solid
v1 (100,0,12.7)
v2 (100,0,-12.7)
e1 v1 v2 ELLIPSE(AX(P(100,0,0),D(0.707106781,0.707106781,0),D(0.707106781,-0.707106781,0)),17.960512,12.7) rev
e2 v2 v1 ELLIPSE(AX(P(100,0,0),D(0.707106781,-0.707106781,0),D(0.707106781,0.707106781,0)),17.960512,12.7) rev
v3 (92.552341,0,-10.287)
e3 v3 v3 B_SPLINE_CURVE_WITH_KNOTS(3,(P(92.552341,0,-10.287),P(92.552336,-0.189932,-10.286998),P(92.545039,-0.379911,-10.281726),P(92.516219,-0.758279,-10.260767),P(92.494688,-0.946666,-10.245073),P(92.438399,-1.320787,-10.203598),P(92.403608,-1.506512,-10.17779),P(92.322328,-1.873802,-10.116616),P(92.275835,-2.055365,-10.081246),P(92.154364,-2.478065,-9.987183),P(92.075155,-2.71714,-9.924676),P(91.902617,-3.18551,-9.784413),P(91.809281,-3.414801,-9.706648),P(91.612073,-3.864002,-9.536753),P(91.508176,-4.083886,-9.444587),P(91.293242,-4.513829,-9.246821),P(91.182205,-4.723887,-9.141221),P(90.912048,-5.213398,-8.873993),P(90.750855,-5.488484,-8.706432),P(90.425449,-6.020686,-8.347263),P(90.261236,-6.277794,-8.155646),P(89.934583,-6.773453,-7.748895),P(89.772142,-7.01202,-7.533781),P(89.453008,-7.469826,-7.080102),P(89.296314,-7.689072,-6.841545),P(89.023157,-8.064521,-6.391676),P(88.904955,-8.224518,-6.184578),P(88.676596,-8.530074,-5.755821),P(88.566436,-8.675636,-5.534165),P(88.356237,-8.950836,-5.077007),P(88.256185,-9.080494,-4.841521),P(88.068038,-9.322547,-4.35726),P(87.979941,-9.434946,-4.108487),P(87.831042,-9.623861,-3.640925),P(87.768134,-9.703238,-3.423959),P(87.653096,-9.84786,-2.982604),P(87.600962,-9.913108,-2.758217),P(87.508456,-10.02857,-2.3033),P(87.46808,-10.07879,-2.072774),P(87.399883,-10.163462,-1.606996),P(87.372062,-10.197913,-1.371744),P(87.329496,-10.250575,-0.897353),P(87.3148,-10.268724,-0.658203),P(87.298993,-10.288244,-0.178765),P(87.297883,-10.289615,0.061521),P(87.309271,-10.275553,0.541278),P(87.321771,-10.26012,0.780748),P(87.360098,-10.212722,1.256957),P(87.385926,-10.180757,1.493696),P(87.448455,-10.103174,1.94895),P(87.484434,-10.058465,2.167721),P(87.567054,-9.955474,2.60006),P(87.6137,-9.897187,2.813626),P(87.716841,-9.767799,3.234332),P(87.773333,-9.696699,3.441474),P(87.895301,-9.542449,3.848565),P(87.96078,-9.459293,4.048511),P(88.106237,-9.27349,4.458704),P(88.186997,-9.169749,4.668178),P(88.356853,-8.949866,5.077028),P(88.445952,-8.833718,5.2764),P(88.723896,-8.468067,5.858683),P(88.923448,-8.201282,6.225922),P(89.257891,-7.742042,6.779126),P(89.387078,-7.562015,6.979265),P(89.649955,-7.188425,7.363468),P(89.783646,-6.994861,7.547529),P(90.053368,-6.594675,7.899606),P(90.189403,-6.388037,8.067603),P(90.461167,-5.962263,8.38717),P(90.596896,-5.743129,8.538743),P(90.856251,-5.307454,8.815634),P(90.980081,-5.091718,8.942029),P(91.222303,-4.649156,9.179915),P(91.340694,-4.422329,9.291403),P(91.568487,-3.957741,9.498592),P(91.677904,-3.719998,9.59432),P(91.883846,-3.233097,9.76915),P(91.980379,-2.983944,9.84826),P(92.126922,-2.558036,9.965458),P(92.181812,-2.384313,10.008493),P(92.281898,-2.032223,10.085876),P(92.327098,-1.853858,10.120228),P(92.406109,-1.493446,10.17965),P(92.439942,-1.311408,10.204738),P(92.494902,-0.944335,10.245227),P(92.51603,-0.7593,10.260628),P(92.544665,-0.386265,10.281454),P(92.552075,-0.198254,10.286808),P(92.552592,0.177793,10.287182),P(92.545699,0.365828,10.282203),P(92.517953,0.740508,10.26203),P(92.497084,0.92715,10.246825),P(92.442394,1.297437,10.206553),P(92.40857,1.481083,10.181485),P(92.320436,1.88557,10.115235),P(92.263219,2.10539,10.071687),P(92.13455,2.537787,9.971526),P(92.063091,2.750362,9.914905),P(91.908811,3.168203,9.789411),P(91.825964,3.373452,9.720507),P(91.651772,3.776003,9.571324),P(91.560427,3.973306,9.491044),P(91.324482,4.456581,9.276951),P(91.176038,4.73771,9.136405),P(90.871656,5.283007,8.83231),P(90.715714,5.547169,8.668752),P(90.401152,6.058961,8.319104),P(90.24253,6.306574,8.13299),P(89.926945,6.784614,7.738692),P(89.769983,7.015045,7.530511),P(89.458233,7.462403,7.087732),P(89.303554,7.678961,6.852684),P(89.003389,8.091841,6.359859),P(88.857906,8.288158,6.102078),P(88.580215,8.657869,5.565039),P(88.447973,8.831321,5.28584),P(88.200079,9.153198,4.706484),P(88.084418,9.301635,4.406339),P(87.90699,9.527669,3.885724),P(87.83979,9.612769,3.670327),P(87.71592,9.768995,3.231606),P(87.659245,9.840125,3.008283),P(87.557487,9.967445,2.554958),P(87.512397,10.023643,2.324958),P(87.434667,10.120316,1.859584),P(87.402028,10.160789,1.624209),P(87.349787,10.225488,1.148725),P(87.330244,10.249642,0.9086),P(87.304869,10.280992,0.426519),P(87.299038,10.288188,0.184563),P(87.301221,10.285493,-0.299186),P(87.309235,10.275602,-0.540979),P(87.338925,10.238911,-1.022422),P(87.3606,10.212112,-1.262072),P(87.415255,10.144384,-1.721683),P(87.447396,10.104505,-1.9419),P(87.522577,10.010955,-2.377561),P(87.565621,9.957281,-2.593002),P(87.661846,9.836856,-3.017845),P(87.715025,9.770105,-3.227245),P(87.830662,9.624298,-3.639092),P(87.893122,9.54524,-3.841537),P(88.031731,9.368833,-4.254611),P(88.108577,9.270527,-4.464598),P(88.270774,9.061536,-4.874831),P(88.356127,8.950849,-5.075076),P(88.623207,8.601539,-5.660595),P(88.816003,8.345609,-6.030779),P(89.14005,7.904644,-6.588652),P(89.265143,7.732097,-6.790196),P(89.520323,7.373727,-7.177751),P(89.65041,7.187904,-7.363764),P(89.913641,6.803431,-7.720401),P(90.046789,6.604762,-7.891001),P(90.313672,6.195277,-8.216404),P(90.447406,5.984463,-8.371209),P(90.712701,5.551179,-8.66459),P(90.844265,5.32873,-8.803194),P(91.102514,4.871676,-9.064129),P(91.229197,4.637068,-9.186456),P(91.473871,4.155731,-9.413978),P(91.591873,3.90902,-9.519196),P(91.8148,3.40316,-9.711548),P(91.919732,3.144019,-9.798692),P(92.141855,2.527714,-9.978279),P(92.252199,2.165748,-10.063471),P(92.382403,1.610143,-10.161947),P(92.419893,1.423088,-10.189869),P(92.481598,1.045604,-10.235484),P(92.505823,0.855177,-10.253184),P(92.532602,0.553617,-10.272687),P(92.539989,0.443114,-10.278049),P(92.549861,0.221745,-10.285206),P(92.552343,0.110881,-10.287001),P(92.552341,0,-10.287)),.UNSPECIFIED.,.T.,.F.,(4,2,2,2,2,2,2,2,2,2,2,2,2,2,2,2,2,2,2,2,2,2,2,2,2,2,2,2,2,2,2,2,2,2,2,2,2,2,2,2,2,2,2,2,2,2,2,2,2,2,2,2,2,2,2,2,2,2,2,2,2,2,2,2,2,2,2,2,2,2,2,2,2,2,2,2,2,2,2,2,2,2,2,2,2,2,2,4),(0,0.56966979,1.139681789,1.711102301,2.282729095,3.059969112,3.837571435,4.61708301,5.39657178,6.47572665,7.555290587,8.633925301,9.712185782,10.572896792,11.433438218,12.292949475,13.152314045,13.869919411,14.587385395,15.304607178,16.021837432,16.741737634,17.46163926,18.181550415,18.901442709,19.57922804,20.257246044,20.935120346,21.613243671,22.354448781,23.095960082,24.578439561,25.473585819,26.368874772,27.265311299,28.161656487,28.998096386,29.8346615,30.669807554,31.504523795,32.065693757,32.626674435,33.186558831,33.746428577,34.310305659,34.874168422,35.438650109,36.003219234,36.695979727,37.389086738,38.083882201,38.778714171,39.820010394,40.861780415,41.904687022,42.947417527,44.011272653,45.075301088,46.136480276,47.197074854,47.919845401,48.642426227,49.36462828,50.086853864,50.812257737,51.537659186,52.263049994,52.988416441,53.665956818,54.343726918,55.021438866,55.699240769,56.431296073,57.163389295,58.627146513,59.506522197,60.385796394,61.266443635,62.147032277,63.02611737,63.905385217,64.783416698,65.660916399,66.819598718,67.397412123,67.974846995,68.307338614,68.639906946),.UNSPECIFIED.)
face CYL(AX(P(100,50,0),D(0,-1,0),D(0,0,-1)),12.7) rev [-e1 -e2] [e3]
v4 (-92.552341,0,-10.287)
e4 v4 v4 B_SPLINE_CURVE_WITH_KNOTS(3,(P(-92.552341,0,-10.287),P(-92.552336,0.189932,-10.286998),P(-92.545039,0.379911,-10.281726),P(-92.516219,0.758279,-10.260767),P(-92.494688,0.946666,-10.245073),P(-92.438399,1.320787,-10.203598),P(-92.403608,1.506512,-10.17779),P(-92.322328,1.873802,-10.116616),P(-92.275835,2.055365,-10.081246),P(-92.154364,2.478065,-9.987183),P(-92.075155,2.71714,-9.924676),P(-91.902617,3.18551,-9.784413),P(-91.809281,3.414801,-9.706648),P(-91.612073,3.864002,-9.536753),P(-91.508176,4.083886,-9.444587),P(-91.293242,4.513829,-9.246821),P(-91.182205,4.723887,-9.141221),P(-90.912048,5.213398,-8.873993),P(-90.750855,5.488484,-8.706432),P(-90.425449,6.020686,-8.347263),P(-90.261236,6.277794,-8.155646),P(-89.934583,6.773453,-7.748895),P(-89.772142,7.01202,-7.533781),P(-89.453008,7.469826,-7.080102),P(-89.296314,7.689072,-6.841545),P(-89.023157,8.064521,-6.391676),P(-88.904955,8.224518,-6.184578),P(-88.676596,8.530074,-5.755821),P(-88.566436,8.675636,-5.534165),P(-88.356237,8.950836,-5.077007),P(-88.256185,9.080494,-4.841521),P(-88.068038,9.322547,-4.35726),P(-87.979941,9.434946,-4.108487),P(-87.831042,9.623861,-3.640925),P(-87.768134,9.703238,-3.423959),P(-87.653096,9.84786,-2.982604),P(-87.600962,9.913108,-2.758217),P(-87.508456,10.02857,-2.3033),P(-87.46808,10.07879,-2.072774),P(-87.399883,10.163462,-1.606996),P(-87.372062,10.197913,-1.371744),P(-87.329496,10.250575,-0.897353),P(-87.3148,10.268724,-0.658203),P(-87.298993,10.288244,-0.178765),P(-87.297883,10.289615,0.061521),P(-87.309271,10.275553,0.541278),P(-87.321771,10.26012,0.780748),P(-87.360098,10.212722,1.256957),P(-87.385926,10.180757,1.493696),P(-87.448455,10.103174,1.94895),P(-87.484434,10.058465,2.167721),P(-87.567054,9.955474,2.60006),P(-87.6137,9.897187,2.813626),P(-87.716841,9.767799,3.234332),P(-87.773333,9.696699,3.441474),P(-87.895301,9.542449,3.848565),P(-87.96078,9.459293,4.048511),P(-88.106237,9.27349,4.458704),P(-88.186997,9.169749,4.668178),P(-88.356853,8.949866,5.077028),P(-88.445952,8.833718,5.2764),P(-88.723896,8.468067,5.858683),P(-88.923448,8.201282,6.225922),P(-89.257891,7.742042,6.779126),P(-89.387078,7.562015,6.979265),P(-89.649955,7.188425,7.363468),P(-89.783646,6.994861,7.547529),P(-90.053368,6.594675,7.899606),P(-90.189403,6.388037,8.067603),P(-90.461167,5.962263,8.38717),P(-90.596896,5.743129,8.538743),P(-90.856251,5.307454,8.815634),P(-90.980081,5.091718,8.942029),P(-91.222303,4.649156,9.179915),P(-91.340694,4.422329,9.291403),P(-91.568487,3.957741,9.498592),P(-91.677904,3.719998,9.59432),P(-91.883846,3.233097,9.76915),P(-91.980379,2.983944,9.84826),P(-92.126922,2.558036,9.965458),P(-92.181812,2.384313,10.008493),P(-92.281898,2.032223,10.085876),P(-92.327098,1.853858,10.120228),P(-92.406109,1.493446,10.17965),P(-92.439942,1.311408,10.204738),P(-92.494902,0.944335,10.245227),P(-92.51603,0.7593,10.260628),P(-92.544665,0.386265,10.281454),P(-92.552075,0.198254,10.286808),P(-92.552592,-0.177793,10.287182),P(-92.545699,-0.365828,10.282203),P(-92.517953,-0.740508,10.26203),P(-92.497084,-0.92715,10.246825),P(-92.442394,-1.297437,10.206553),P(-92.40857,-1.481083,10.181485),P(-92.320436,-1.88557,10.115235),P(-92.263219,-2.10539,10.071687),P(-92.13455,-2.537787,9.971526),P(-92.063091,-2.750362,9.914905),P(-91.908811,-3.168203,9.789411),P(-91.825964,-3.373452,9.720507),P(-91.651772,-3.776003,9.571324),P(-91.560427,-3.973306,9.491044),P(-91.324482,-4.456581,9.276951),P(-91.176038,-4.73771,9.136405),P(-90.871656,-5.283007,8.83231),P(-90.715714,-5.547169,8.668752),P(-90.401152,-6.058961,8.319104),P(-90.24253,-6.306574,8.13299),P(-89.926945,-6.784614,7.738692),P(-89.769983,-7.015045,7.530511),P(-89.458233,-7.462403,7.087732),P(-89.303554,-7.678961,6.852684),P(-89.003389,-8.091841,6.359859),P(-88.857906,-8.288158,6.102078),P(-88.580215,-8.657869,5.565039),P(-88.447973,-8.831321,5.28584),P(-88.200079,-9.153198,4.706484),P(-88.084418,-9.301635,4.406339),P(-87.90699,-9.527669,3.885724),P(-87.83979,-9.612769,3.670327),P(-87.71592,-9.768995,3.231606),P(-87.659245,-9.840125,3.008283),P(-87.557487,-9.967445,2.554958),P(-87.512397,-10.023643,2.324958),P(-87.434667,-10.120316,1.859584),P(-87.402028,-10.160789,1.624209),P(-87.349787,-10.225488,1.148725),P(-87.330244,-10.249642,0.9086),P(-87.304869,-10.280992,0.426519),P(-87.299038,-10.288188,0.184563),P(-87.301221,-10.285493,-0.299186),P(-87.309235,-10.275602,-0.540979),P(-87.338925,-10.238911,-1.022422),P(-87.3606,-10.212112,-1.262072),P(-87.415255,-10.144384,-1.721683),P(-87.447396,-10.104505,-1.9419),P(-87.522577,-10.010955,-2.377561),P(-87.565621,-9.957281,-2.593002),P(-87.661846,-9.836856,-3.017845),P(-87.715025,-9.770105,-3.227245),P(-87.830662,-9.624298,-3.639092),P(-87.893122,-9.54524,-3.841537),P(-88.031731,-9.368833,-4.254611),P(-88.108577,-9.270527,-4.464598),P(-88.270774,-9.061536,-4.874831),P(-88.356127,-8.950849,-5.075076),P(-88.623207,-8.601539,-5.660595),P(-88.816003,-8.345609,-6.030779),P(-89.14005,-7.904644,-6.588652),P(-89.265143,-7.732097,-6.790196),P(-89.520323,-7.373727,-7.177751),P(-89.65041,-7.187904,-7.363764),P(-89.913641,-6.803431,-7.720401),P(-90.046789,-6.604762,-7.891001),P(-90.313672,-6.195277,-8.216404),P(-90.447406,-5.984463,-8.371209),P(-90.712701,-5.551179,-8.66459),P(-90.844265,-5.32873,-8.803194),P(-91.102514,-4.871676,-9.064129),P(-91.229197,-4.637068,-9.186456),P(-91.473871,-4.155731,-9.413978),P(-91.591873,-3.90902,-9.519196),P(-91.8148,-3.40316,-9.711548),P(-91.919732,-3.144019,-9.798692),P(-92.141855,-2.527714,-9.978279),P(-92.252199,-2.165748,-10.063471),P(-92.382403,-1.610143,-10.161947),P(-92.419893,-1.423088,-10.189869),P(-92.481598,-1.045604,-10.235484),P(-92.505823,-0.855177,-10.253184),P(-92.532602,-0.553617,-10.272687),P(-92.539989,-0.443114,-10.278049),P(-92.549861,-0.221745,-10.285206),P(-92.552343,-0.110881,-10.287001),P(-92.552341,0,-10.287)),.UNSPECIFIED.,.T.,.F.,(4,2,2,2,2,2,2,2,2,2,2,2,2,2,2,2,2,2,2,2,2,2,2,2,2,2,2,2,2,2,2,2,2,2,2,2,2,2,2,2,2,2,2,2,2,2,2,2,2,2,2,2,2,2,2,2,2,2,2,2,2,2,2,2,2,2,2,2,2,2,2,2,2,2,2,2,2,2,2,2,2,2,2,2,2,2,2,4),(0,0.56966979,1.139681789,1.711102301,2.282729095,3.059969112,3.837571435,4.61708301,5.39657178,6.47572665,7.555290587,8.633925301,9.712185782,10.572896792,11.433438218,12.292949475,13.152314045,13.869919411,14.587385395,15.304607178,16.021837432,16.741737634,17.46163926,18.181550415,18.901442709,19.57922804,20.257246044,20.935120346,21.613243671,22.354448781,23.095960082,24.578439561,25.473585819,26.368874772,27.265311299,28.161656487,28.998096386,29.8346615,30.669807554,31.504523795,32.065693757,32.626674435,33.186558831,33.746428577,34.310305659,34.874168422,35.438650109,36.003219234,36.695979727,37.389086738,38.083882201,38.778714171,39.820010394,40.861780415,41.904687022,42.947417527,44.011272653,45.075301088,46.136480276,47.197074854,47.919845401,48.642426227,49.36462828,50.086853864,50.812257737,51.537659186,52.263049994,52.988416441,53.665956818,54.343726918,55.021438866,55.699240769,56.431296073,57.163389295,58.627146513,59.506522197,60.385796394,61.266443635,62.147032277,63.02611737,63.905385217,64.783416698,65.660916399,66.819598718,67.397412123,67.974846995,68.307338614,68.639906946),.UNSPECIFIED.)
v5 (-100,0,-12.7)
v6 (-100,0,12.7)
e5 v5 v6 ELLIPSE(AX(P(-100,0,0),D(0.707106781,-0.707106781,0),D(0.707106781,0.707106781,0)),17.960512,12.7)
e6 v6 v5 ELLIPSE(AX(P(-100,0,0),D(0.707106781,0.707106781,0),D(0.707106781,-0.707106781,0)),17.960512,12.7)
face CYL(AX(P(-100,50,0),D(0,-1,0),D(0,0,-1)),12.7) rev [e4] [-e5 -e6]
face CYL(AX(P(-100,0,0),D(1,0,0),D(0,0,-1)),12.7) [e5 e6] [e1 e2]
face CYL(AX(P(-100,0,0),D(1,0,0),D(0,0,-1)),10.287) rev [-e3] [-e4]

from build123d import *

# Parameters (mm, degrees)
BOSS_EXTRUDE1_DEPTH      = 100
BOSS_EXTRUDE1_DEPTH_BACK = 100
SKETCH1_R                = 12.699999999999998
SKETCH1_R_2              = 10.286999999999999
CUT_EXTRUDE1_DEPTH       = 50
CUT_EXTRUDE1_DEPTH_BACK  = 50
SKETCH2_R                = 12.69999999999999


with BuildPart() as part:
    # Sketch1 → Boss-Extrude1 (new, two sides: drawn at the far end of the back side and taken through both)
    with BuildSketch(Plane(origin=(0, 0, 0), x_dir=(0, 0, -1), z_dir=(1, 0, 0)).offset(-BOSS_EXTRUDE1_DEPTH_BACK)):
        Circle(SKETCH1_R)
        Circle(SKETCH1_R_2, mode=Mode.SUBTRACT)
    extrude(amount=BOSS_EXTRUDE1_DEPTH + BOSS_EXTRUDE1_DEPTH_BACK)

    # Sketch2 → Cut-Extrude1 (cut, two sides: drawn at the far end of the back side and taken through both)
    with BuildSketch(Plane(origin=(0, 0, 0), x_dir=(1, 0, 0), z_dir=(0, 1, 0)).offset(-CUT_EXTRUDE1_DEPTH_BACK)):
        with Locations((-100, 0)):
            Circle(SKETCH2_R)
        with Locations((100, 0)):
            Circle(SKETCH2_R)
    extrude(amount=CUT_EXTRUDE1_DEPTH + CUT_EXTRUDE1_DEPTH_BACK, mode=Mode.SUBTRACT)


solid = part.part
